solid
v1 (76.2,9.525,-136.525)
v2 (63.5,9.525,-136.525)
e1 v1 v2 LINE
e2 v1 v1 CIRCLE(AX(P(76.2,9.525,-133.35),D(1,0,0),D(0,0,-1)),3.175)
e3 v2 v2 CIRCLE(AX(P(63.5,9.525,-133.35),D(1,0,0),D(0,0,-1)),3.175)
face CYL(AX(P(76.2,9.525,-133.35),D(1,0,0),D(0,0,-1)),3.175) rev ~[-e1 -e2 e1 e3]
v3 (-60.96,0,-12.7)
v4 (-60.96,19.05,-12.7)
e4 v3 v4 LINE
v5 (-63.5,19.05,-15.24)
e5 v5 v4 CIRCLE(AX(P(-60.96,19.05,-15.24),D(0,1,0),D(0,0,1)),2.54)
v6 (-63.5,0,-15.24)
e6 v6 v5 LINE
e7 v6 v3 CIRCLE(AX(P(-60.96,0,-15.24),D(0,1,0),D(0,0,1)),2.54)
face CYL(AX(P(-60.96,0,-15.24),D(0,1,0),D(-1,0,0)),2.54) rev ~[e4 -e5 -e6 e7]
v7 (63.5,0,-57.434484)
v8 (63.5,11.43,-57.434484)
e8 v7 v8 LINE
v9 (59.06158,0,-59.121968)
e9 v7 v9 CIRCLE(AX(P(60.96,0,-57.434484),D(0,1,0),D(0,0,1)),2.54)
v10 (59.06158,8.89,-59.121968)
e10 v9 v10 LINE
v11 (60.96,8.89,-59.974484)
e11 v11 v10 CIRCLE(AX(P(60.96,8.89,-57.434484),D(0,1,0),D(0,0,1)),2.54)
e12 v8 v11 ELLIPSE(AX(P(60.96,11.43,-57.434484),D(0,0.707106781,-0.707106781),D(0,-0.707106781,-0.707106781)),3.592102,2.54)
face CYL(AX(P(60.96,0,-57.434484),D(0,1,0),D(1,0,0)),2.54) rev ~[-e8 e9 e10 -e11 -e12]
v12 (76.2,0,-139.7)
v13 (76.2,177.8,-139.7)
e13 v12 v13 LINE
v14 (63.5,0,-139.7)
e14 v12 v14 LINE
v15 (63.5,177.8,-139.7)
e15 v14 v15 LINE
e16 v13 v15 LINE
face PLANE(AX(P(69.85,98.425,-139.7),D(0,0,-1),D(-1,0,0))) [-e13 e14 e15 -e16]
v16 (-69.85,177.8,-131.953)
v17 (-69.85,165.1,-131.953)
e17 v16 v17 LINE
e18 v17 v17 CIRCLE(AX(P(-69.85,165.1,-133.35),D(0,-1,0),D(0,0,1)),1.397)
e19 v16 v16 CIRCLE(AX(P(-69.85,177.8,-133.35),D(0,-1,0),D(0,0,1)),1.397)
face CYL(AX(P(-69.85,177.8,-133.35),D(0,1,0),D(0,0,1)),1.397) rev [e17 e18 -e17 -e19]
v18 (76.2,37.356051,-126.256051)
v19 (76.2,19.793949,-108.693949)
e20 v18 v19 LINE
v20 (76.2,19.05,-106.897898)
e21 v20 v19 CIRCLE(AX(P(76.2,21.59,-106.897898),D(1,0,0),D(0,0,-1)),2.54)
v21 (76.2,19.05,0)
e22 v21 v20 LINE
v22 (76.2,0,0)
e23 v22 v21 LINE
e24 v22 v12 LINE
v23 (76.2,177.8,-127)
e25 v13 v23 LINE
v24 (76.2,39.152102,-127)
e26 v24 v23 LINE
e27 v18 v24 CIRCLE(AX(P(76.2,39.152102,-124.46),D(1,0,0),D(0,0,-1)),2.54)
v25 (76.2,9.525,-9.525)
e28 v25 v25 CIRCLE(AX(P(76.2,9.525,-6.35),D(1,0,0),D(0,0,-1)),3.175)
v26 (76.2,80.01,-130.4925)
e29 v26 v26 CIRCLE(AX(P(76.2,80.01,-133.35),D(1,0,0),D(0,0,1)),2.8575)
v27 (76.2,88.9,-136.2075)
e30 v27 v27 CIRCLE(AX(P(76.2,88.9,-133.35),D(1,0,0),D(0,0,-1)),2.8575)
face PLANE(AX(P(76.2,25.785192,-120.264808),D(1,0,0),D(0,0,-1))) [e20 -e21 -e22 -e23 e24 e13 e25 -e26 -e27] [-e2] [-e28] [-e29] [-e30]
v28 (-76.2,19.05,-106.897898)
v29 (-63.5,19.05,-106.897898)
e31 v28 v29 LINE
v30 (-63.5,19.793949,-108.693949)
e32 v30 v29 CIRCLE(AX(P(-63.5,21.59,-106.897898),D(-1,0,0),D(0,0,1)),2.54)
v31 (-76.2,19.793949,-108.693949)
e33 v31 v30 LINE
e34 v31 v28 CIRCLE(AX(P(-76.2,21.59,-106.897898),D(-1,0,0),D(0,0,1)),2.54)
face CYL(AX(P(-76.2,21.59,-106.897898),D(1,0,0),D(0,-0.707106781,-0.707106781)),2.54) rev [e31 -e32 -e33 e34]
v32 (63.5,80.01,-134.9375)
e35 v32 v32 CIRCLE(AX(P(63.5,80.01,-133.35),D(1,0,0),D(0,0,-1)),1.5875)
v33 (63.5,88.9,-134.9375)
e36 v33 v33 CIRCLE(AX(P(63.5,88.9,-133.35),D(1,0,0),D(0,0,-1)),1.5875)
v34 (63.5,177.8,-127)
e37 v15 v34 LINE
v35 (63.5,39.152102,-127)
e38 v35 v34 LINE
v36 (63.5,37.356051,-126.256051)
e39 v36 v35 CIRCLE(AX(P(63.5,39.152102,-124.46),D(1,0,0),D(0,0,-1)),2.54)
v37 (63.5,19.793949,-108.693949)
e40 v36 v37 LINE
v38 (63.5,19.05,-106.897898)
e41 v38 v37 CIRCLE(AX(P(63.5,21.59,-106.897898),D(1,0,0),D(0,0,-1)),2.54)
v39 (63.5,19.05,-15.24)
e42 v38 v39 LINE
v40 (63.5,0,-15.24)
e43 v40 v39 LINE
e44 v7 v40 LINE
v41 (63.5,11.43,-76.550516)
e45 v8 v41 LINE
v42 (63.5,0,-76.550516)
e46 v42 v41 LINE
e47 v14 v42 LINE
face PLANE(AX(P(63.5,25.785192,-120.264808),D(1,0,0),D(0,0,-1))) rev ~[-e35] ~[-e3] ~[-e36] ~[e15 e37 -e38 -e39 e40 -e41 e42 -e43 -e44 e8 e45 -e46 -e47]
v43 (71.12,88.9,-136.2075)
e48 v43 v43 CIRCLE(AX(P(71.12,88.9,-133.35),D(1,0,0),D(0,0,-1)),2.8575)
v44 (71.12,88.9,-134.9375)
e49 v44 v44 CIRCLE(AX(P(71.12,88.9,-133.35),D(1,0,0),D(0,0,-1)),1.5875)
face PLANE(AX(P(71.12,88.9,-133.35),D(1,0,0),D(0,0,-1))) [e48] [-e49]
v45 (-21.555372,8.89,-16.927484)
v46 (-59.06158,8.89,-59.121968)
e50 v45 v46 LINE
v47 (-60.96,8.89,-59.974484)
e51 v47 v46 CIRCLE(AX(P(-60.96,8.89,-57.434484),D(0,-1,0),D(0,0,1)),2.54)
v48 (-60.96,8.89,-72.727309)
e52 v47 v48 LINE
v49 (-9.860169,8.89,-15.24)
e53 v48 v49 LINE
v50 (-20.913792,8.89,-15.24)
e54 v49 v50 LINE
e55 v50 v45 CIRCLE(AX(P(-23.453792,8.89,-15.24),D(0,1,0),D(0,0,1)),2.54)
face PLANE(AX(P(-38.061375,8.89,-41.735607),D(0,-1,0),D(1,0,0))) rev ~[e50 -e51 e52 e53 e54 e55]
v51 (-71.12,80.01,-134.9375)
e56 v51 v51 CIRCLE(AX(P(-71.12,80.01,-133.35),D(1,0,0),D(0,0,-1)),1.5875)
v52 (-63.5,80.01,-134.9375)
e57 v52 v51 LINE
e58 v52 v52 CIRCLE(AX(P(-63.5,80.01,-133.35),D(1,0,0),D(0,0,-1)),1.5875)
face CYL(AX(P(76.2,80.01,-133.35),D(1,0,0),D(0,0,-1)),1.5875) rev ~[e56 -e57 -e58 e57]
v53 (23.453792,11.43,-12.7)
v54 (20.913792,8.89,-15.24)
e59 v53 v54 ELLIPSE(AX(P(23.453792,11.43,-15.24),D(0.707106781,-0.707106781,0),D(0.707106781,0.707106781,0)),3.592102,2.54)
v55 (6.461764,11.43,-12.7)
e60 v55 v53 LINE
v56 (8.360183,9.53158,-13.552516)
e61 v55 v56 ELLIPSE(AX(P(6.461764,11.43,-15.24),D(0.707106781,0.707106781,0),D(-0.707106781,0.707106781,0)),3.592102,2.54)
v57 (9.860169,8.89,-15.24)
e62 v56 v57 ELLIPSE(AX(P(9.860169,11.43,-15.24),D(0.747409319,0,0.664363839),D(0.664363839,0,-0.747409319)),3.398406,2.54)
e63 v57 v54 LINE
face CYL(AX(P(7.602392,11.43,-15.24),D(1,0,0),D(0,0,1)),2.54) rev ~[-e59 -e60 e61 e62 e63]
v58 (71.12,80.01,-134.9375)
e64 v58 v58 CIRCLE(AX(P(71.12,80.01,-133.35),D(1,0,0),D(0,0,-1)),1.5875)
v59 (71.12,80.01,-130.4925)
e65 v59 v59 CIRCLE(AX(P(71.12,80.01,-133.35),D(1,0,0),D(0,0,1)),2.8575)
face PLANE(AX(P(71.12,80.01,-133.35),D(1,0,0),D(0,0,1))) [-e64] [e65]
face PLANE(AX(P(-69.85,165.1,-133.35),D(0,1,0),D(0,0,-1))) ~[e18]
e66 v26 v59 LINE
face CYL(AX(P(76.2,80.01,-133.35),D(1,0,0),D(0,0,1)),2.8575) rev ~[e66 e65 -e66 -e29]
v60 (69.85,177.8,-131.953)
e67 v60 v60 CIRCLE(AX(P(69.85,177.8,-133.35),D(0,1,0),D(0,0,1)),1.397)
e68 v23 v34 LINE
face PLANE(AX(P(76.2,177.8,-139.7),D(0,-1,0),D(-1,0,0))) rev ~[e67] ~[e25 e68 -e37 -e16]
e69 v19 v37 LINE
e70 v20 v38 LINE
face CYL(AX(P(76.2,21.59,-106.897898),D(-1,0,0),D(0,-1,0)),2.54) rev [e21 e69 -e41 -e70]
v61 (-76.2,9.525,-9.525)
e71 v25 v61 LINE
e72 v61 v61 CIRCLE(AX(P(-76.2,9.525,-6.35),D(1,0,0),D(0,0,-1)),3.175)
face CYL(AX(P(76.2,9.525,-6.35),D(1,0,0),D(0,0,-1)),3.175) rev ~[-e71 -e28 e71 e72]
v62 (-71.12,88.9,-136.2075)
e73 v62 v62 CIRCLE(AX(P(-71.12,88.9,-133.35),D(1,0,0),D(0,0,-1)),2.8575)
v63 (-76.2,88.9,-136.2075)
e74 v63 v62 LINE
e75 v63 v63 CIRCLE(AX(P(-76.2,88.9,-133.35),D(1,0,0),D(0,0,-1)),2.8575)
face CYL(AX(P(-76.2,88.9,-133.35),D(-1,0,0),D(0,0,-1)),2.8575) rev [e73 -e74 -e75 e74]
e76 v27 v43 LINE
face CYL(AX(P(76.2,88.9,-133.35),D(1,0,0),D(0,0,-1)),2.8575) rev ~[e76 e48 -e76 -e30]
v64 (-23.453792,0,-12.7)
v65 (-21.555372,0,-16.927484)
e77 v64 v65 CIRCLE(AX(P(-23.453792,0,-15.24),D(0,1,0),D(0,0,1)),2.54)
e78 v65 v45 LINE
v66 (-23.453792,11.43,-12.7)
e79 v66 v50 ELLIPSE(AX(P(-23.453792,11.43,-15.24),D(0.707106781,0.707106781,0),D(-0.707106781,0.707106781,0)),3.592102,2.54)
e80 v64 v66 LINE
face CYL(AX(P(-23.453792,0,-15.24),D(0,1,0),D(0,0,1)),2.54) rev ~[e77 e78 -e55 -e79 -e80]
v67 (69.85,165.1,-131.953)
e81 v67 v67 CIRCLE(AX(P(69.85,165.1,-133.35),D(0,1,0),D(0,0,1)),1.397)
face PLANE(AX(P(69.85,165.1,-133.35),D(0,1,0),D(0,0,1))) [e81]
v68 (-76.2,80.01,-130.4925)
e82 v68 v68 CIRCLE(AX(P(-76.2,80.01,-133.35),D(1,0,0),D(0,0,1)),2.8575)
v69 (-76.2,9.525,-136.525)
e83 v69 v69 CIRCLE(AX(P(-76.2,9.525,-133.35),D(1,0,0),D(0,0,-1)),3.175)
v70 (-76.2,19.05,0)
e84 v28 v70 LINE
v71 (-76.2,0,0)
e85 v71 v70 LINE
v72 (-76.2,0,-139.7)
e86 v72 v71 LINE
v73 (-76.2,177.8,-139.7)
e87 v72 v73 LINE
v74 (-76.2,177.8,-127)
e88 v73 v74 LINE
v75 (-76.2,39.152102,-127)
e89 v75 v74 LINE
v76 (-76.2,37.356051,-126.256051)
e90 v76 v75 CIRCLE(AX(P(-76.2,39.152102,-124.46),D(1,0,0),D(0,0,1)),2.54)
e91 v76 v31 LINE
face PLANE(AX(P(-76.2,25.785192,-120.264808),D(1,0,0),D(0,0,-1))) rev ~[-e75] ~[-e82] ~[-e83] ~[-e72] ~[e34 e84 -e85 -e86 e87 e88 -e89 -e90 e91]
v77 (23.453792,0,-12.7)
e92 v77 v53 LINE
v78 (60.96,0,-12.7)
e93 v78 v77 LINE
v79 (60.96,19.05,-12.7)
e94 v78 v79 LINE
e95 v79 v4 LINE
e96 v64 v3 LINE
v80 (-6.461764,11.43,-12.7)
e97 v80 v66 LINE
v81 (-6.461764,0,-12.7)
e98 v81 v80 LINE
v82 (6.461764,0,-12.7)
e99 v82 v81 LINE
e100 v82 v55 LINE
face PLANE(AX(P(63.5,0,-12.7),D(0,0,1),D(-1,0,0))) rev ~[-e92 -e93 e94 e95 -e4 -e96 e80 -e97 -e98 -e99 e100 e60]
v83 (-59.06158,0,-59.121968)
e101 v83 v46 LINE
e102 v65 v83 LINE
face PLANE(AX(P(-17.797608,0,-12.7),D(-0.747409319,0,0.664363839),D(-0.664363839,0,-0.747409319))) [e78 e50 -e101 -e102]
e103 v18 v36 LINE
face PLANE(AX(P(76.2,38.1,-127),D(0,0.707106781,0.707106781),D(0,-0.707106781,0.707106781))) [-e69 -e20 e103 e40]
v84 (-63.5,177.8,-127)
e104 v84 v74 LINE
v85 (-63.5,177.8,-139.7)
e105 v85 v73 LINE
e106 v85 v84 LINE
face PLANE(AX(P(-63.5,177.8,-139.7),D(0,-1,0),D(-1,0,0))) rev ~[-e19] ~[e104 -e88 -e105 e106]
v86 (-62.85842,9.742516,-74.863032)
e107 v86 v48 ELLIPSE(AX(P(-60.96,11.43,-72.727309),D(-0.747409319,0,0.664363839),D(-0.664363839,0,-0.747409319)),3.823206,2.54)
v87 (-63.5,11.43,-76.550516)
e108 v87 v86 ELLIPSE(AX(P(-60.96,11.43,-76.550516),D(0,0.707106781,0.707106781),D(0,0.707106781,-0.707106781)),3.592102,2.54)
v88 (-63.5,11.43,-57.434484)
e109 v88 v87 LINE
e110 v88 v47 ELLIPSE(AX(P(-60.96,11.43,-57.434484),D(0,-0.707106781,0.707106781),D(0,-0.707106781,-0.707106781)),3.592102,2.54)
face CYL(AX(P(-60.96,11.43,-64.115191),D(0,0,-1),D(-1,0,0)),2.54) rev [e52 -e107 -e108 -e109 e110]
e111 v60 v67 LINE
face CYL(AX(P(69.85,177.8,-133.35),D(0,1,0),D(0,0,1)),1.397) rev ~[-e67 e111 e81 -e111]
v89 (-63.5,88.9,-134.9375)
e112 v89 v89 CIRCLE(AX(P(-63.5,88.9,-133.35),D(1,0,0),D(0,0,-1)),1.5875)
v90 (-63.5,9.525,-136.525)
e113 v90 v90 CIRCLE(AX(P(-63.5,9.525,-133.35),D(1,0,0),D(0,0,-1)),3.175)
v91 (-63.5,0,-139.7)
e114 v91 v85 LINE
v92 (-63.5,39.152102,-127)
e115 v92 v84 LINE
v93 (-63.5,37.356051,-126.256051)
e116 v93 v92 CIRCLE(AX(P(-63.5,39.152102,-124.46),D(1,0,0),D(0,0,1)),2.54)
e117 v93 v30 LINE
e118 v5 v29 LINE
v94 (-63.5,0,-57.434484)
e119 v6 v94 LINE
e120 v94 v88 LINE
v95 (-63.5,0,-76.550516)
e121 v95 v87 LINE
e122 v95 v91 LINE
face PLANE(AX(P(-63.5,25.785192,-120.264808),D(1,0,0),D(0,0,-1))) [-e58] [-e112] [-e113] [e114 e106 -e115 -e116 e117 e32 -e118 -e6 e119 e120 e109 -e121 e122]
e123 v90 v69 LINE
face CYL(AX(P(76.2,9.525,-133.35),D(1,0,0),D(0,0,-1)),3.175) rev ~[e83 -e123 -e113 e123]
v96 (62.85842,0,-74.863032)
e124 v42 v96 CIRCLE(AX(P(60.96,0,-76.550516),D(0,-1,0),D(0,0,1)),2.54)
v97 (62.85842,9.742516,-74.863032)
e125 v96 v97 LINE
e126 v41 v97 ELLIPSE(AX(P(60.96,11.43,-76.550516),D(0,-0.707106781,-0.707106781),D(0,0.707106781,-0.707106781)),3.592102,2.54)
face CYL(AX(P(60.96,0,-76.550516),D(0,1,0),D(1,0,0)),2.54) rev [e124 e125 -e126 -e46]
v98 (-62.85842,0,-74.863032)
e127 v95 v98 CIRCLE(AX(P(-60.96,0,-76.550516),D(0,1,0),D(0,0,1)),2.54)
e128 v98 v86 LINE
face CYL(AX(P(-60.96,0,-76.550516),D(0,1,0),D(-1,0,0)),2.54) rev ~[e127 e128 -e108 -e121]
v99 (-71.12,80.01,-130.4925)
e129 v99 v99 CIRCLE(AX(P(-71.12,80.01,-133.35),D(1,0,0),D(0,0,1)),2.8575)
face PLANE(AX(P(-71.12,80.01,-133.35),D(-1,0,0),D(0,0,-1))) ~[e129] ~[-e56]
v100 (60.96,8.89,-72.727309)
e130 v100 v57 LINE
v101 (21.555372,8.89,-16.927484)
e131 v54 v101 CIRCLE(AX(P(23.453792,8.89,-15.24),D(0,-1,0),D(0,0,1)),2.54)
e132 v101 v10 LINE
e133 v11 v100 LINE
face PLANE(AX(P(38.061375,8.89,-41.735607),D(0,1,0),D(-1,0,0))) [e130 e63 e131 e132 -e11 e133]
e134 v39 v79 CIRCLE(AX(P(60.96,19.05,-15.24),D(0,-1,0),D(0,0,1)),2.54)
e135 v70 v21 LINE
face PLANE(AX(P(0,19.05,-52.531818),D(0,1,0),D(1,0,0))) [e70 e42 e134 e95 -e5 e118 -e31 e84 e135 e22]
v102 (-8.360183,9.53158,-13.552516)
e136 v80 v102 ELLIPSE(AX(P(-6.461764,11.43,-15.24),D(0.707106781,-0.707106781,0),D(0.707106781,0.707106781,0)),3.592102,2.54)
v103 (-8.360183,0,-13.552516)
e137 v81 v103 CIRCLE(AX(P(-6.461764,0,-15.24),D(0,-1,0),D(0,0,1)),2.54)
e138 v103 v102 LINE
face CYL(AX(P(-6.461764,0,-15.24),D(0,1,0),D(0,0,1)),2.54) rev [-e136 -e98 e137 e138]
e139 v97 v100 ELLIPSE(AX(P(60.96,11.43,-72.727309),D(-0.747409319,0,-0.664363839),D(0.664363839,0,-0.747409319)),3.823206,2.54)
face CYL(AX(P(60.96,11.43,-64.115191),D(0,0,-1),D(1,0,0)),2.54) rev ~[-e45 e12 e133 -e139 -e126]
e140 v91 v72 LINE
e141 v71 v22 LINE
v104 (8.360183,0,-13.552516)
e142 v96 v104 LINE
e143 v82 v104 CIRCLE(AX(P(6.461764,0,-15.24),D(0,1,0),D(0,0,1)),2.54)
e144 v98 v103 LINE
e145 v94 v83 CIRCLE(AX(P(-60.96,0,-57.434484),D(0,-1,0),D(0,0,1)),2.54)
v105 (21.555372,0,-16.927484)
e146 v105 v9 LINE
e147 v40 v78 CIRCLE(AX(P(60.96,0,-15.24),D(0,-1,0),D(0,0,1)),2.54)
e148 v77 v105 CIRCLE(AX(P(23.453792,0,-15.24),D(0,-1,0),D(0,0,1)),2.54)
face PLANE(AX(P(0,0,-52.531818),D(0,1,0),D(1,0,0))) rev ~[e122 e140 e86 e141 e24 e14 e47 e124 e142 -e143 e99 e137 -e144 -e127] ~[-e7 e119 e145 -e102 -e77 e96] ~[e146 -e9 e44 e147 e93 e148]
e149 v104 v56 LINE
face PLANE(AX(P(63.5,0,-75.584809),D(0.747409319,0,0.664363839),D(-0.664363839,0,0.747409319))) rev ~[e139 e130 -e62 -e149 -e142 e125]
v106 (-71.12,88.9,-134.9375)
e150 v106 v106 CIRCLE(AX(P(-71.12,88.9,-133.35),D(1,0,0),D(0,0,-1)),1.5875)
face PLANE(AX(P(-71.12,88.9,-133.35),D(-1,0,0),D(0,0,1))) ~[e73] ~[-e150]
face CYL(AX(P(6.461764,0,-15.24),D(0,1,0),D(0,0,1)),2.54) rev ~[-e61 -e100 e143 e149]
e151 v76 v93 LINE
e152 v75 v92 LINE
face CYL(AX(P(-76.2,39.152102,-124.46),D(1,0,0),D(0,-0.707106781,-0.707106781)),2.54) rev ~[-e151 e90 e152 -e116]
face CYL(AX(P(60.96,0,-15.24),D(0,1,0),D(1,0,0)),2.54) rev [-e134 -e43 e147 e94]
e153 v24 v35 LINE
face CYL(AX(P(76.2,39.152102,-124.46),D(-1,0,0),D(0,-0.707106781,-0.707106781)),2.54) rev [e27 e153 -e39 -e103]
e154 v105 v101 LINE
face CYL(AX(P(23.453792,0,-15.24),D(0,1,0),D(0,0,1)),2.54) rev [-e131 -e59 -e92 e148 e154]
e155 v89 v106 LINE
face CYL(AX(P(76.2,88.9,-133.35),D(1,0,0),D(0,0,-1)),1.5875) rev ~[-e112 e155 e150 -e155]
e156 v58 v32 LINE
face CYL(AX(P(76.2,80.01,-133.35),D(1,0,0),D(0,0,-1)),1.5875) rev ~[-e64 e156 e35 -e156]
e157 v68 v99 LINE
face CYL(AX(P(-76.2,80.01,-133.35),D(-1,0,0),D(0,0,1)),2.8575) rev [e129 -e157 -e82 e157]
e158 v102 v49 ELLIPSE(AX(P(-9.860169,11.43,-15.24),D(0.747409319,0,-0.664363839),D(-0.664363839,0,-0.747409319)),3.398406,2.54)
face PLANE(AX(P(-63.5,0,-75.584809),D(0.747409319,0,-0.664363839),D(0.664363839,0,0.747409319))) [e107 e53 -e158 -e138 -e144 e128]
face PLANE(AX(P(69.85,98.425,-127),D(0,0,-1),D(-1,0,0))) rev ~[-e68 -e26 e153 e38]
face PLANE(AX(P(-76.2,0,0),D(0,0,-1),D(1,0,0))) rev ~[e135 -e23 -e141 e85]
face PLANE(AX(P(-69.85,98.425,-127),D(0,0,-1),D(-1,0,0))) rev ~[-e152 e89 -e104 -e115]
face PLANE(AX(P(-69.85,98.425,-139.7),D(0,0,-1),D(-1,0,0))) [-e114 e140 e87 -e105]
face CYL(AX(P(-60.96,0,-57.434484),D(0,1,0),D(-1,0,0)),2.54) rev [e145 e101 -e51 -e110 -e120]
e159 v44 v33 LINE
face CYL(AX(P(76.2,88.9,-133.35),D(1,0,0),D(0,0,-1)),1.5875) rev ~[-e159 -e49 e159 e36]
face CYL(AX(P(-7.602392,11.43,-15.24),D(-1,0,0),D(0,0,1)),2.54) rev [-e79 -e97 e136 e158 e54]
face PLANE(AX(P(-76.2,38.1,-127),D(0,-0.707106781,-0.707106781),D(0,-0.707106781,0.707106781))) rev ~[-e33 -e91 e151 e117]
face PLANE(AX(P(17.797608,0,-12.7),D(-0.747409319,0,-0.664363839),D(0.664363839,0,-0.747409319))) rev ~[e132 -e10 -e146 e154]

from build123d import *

# Parameters (mm, degrees)
BOSS_EXTRUDE1_DEPTH   = 19.05
SKETCH2_W             = 12.7
SKETCH2_H             = 158.75
BOSS_EXTRUDE2_DEPTH   = 12.7
BOSS_EXTRUDE2_2_DEPTH = 12.7
BOSS_EXTRUDE3_DEPTH   = 12.7
BOSS_EXTRUDE4_DEPTH   = 12.7
SKETCH5_R             = 1.5875
CUT_EXTRUDE1_DEPTH    = 273.680564031
SKETCH6_R             = 2.8575
CUT_EXTRUDE2_DEPTH    = 5.08
BOSS_EXTRUDE5_DEPTH   = 8.89
SKETCH8_R             = 1.397
CUT_EXTRUDE3_DEPTH    = 12.7
FILLET1_R             = 2.54
SKETCH9_R             = 3.175
CUT_EXTRUDE4_DEPTH    = 273.680564031


with BuildPart() as part:
    # Sketch1 → Boss-Extrude1 (new body)
    with BuildSketch(Plane(origin=(0, 0, 0), x_dir=(1, 0, 0), z_dir=(0, 1, 0))):
        Polygon((-76.2, 139.7), (-76.2, 0), (76.2, 0), (76.2, 139.7), (63.5, 139.7), (63.5, 12.7), (-63.5, 12.7), (-63.5, 139.7), align=None)
    extrude(amount=BOSS_EXTRUDE1_DEPTH)



with BuildPart() as body_2:
    # Sketch2 → Boss-Extrude2 (new body)
    with BuildSketch(Plane(origin=(0, 0, -139.7), x_dir=(-1, 0, 0), z_dir=(0, 0, -1))):
        with Locations((-69.85, 98.425)):
            Rectangle(SKETCH2_W, SKETCH2_H)
    extrude(amount=-BOSS_EXTRUDE2_DEPTH)


with BuildPart() as body_3:
    # Sketch2 → Boss-Extrude2 2 (new body)
    with BuildSketch(Plane(origin=(0, 0, -139.7), x_dir=(-1, 0, 0), z_dir=(0, 0, -1))):
        with Locations((69.85, 98.425)):
            Rectangle(SKETCH2_W, SKETCH2_H)
    extrude(amount=-BOSS_EXTRUDE2_2_DEPTH)


with BuildPart() as part_1:
    add(part.part)

    add(body_2.part)  # Boss-Extrude3 merges body 2
    # Sketch3 → Boss-Extrude3 (add)
    with BuildSketch(Plane(origin=(76.2, 0, 0), x_dir=(0, 0, -1), z_dir=(1, 0, 0))):
        Polygon((127, 38.1), (107.95, 19.05), (127, 19.05), align=None)
    extrude(amount=-BOSS_EXTRUDE3_DEPTH)


    add(body_3.part)  # Boss-Extrude4 merges body 3
    # Sketch4 → Boss-Extrude4 (add)
    with BuildSketch(Plane.ZY.offset(76.2)):
        Polygon((-127, 38.1), (-107.95, 19.05), (-127, 19.05), align=None)
    extrude(amount=-BOSS_EXTRUDE4_DEPTH)

    # Sketch5 → Cut-Extrude1 (cut, through all)
    with BuildSketch(Plane(origin=(76.2, 0, 0), x_dir=(0, 0, -1), z_dir=(1, 0, 0))):
        with Locations((133.35, 88.9)):
            Circle(SKETCH5_R)
        with Locations((133.35, 80.01)):
            Circle(SKETCH5_R)
    extrude(amount=-CUT_EXTRUDE1_DEPTH, mode=Mode.SUBTRACT)

    # Sketch6 → Cut-Extrude2 (cut)
    with BuildSketch(Plane(origin=(76.2, 0, 0), x_dir=(0, 0, -1), z_dir=(1, 0, 0))):
        with Locations((133.35, 88.9)):
            Circle(SKETCH6_R)
        with Locations(Location((133.35, 80.01, 0), (0, 0, 180))):
            Circle(SKETCH6_R)
    cut_extrude2 = extrude(amount=-CUT_EXTRUDE2_DEPTH, mode=Mode.SUBTRACT)

    # Mirror2: Cut-Extrude2 across plane
    add(cut_extrude2.mirror(Plane(origin=(0, 0, 0), x_dir=(0, 0, 1), z_dir=(1, 0, 0))), mode=Mode.SUBTRACT)

    # Sketch7 → Boss-Extrude5 (add)
    with BuildSketch(Plane.XZ):
        Polygon((-17.797608372, -12.7), (-63.5, -64.115190582), (-63.5, -75.584809418), (-7.602391628, -12.7), align=None)
        Polygon((7.602391628, -12.7), (17.797608372, -12.7), (63.5, -64.115190582), (63.5, -75.584809418), align=None)
    extrude(amount=-BOSS_EXTRUDE5_DEPTH)

    # Sketch8 → Cut-Extrude3 (cut)
    with BuildSketch(Plane(origin=(0, 177.8, 0), x_dir=(1, 0, 0), z_dir=(0, 1, 0))):
        with Locations(Location((69.85, 133.35, 0), (0, 0, 270))):
            Circle(SKETCH8_R)
    cut_extrude3 = extrude(amount=-CUT_EXTRUDE3_DEPTH, mode=Mode.SUBTRACT)

    # Mirror3: Cut-Extrude3 across plane
    add(cut_extrude3.mirror(Plane(origin=(0, 0, 0), x_dir=(0, 0, 1), z_dir=(1, 0, 0))), mode=Mode.SUBTRACT)

    # Fillet1
    fillet1_edges = [part_1.edges().sort_by_distance(p)[0] for p in [
        (63.5, 4.445, -75.584809418),
        (12.7, 8.89, -12.7),
        (7.602391628, 4.445, -12.7),
        (17.797608372, 4.445, -12.7),
        (63.5, 8.89, -69.85),
        (63.5, 4.445, -64.115190582),
        (-69.85, 19.05, -107.95),
        (-69.85, 38.1, -127),
        (63.5, 9.525, -12.7),
        (-63.5, 9.525, -12.7),
        (69.85, 19.05, -107.95),
        (69.85, 38.1, -127),
        (-12.7, 8.89, -12.7),
        (-17.797608372, 4.445, -12.7),
        (-7.602391628, 4.445, -12.7),
        (-63.5, 8.89, -69.85),
        (-63.5, 4.445, -75.584809418),
        (-63.5, 4.445, -64.115190582),
    ]]
    fillet(fillet1_edges, radius=FILLET1_R)

    # Sketch9 → Cut-Extrude4 (cut, through all)
    with BuildSketch(Plane(origin=(76.2, 0, 0), x_dir=(0, 0, -1), z_dir=(1, 0, 0))):
        with Locations((6.35, 9.525)):
            Circle(SKETCH9_R)
        with Locations((133.35, 9.525)):
            Circle(SKETCH9_R)
    extrude(amount=-CUT_EXTRUDE4_DEPTH, mode=Mode.SUBTRACT)


solid = part_1.part
